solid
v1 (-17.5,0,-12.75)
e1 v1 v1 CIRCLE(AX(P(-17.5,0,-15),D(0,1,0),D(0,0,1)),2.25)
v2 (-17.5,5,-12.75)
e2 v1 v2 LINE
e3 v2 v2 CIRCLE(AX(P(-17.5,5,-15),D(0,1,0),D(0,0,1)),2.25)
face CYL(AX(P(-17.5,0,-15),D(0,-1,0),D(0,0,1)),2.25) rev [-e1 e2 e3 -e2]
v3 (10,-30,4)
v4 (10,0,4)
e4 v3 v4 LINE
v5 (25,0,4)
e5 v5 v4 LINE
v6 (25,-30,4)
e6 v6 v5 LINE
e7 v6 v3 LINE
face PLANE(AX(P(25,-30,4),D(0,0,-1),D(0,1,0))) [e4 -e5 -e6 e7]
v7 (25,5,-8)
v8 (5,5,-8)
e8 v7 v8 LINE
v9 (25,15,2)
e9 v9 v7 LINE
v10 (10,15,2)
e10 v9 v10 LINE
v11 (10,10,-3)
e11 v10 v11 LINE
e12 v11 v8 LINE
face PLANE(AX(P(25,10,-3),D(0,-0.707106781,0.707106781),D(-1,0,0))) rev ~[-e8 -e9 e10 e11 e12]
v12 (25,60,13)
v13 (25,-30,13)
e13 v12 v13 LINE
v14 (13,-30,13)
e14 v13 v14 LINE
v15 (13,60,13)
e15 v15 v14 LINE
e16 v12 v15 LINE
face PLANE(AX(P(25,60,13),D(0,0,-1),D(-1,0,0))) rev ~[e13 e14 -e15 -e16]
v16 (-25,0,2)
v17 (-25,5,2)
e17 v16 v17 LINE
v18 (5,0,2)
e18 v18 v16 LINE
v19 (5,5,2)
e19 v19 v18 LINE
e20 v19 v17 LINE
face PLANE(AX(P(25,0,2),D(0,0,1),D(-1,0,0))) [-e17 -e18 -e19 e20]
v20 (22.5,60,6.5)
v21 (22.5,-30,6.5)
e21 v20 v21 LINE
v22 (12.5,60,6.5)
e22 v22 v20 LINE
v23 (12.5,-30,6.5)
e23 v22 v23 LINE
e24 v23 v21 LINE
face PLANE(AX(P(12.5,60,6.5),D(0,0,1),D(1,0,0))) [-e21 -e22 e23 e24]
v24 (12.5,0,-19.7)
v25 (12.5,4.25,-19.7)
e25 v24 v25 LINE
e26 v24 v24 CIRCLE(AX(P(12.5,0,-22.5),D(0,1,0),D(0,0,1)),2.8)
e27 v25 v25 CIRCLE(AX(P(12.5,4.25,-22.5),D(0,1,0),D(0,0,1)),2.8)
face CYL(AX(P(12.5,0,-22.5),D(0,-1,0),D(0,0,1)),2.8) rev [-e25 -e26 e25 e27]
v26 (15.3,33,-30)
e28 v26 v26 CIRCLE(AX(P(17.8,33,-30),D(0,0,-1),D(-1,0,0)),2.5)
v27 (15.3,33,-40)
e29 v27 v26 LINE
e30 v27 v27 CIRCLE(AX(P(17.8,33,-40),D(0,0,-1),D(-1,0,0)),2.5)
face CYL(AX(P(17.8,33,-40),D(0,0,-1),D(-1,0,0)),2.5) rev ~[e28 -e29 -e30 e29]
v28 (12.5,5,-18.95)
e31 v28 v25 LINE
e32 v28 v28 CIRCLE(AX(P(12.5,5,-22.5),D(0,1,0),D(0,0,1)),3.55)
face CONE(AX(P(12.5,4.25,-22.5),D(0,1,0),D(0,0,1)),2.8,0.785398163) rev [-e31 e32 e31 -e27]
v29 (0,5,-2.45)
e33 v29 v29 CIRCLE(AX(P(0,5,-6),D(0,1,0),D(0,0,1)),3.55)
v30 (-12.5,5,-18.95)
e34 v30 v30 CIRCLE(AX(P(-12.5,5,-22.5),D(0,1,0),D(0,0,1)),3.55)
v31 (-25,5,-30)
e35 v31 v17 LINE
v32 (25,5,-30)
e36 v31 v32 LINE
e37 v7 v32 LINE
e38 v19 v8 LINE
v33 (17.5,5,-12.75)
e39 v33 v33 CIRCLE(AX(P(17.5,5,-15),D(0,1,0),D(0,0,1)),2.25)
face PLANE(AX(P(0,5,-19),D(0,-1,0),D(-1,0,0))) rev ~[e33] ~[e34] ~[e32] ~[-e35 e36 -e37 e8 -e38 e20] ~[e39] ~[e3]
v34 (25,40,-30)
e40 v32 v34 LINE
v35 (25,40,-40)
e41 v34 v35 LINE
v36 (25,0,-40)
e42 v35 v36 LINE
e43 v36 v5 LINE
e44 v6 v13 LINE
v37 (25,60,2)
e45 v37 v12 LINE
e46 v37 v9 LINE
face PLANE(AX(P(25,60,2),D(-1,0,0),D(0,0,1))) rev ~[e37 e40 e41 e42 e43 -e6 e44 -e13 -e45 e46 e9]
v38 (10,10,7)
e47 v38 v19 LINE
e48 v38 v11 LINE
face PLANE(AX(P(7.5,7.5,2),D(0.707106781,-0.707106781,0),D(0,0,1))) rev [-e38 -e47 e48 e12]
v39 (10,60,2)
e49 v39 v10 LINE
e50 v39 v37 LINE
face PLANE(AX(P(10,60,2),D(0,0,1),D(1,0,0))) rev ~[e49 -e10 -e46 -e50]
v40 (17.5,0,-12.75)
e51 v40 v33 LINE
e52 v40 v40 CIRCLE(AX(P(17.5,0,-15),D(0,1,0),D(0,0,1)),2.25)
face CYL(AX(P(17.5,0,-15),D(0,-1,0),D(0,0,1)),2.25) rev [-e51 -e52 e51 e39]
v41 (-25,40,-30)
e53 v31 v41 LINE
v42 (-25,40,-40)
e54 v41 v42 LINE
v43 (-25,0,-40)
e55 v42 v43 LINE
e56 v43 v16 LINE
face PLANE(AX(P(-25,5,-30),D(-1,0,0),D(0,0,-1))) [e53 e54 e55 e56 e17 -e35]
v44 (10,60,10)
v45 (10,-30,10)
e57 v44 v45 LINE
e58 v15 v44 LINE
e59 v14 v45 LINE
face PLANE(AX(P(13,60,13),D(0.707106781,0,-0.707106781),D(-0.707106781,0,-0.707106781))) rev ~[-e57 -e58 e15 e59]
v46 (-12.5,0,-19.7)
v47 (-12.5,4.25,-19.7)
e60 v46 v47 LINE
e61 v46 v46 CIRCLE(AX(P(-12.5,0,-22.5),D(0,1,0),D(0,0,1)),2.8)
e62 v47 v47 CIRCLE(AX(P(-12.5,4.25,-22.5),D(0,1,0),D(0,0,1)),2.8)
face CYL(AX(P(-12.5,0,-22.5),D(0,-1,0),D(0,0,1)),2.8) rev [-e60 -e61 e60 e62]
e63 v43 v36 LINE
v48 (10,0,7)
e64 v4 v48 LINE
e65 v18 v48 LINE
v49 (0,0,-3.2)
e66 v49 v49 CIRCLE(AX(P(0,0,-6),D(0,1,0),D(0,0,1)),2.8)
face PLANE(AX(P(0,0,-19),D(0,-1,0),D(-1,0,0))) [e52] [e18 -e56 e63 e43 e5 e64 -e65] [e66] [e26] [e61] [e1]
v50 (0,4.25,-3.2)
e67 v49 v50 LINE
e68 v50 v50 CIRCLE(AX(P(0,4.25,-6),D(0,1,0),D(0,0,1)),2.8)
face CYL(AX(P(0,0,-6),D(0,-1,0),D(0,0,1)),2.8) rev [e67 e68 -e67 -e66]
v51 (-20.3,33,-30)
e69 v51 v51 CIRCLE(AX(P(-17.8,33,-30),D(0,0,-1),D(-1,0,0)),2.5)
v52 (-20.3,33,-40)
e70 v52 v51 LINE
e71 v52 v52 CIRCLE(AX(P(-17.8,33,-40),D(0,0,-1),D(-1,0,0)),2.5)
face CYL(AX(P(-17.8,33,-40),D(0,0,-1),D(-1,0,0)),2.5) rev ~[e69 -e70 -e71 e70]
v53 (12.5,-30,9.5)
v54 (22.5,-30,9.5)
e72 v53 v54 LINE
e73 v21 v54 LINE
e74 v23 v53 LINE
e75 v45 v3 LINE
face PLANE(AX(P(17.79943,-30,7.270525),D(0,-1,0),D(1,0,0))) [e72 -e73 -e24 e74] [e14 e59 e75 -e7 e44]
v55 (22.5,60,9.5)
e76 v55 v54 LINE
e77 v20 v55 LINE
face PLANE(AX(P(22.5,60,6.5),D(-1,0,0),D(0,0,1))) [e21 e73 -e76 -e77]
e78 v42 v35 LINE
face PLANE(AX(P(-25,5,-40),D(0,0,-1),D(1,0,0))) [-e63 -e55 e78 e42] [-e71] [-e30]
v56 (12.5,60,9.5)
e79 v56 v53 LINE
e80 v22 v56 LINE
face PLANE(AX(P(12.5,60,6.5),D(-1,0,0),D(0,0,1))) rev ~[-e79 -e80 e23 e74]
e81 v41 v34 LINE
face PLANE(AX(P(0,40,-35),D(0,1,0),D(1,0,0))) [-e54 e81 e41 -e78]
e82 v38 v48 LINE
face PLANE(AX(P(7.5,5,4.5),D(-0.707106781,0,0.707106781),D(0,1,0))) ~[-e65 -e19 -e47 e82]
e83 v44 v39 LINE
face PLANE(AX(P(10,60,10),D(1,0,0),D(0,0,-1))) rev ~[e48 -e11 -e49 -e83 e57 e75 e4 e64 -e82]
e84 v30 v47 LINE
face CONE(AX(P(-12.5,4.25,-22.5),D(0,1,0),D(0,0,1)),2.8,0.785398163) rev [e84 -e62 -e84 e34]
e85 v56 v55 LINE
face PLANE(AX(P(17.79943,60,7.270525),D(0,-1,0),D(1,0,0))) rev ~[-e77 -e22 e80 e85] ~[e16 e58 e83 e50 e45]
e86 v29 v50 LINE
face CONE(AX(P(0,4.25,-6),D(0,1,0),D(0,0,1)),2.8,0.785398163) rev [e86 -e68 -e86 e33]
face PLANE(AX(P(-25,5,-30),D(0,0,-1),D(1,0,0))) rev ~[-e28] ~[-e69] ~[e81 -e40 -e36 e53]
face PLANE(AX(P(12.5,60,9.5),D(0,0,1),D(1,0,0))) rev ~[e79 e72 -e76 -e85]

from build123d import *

# Parameters (mm, degrees)
SKETCH1_R                = 2.8
SKETCH1_R_2              = 2.25
BOSS_EXTRUDE1_DEPTH      = 5
SKETCH3_W                = 50
SKETCH3_H                = 10
BOSS_EXTRUDE3_DEPTH      = 35
SKETCH4_R                = 2.5
CUT_EXTRUDE1_DEPTH       = 64.158530699
CHAMFER1_SIZE            = 0.75
BOSS_EXTRUDE4_DEPTH      = 30
BOSS_EXTRUDE4_DEPTH_BACK = 60
SKETCH5_W                = 10
SKETCH5_H                = 3
CHAMFER2_SIZE            = 10
CHAMFER3_SIZE            = 5
SKETCH7_W                = 2
SKETCH7_H                = 30
CUT_EXTRUDE2_DEPTH       = 88.749643874


with BuildPart() as part:
    # Sketch1 → Boss-Extrude1 (new body)
    with BuildSketch(Plane(origin=(0, 0, 0), x_dir=(1, 0, 0), z_dir=(0, 1, 0))):
        Polygon((-25, 0), (-25, 40), (25, 40), (25, 0), (25, -2), (-25, -2), align=None)
        with Locations(Location((-12.5, 22.5, 0), (0, 0, 270))):
            Circle(SKETCH1_R, mode=Mode.SUBTRACT)
        with Locations(Location((12.5, 22.5, 0), (0, 0, 270))):
            Circle(SKETCH1_R, mode=Mode.SUBTRACT)
        with Locations(Location((-17.5, 15, 0), (0, 0, 270))):
            Circle(SKETCH1_R_2, mode=Mode.SUBTRACT)
        with Locations(Location((17.5, 15, 0), (0, 0, 270))):
            Circle(SKETCH1_R_2, mode=Mode.SUBTRACT)
        with Locations(Location((0, 6, 0), (0, 0, 270))):
            Circle(SKETCH1_R, mode=Mode.SUBTRACT)
    extrude(amount=BOSS_EXTRUDE1_DEPTH)

    # Sketch3 → Boss-Extrude3 (add)
    with BuildSketch(Plane(origin=(0, 5, 0), x_dir=(1, 0, 0), z_dir=(0, 1, 0))):
        with Locations((0, 35)):
            Rectangle(SKETCH3_W, SKETCH3_H)
    extrude(amount=BOSS_EXTRUDE3_DEPTH)

    # Sketch4 → Cut-Extrude1 (cut, through all)
    with BuildSketch(Plane(origin=(0, 0, -40), x_dir=(-1, 0, 0), z_dir=(0, 0, -1))):
        with Locations((-17.8, 33)):
            Circle(SKETCH4_R)
        with Locations((17.8, 33)):
            Circle(SKETCH4_R)
    extrude(amount=-CUT_EXTRUDE1_DEPTH, mode=Mode.SUBTRACT)

    # Chamfer1
    chamfer1_edges = [part.edges().sort_by_distance(p)[0] for p in [
        (-12.5, 5, -25.3),
        (12.5, 5, -25.3),
        (0, 5, -8.8),
    ]]
    chamfer(chamfer1_edges, length=CHAMFER1_SIZE)

    # Sketch5 → Boss-Extrude4 (add, two sides: drawn at the far end of the back side and taken through both)
    with BuildSketch(Plane.XZ.offset(-BOSS_EXTRUDE4_DEPTH_BACK)):
        Polygon((13, 13), (10, 10), (10, 2), (25, 2), (25, 13), align=None)
        with Locations((17.5, 8)):
            Rectangle(SKETCH5_W, SKETCH5_H, mode=Mode.SUBTRACT)
    extrude(amount=BOSS_EXTRUDE4_DEPTH + BOSS_EXTRUDE4_DEPTH_BACK)

    # Chamfer2
    chamfer2_edges = [part.edges().sort_by_distance(p)[0] for p in [
        (17.5, 5, 2),
    ]]
    chamfer(chamfer2_edges, length=CHAMFER2_SIZE)

    # Chamfer3
    chamfer3_edges = [part.edges().sort_by_distance(p)[0] for p in [
        (10, 2.5, 2),
        (10, 5, -3),
    ]]
    chamfer(chamfer3_edges, length=CHAMFER3_SIZE)

    # Sketch7 → Cut-Extrude2 (cut, through all)
    with BuildSketch(Plane(origin=(25, 0, 0), x_dir=(0, 0, -1), z_dir=(1, 0, 0))):
        with Locations((-3, -15)):
            Rectangle(SKETCH7_W, SKETCH7_H)
    extrude(amount=-CUT_EXTRUDE2_DEPTH, mode=Mode.SUBTRACT)


solid = part.part
